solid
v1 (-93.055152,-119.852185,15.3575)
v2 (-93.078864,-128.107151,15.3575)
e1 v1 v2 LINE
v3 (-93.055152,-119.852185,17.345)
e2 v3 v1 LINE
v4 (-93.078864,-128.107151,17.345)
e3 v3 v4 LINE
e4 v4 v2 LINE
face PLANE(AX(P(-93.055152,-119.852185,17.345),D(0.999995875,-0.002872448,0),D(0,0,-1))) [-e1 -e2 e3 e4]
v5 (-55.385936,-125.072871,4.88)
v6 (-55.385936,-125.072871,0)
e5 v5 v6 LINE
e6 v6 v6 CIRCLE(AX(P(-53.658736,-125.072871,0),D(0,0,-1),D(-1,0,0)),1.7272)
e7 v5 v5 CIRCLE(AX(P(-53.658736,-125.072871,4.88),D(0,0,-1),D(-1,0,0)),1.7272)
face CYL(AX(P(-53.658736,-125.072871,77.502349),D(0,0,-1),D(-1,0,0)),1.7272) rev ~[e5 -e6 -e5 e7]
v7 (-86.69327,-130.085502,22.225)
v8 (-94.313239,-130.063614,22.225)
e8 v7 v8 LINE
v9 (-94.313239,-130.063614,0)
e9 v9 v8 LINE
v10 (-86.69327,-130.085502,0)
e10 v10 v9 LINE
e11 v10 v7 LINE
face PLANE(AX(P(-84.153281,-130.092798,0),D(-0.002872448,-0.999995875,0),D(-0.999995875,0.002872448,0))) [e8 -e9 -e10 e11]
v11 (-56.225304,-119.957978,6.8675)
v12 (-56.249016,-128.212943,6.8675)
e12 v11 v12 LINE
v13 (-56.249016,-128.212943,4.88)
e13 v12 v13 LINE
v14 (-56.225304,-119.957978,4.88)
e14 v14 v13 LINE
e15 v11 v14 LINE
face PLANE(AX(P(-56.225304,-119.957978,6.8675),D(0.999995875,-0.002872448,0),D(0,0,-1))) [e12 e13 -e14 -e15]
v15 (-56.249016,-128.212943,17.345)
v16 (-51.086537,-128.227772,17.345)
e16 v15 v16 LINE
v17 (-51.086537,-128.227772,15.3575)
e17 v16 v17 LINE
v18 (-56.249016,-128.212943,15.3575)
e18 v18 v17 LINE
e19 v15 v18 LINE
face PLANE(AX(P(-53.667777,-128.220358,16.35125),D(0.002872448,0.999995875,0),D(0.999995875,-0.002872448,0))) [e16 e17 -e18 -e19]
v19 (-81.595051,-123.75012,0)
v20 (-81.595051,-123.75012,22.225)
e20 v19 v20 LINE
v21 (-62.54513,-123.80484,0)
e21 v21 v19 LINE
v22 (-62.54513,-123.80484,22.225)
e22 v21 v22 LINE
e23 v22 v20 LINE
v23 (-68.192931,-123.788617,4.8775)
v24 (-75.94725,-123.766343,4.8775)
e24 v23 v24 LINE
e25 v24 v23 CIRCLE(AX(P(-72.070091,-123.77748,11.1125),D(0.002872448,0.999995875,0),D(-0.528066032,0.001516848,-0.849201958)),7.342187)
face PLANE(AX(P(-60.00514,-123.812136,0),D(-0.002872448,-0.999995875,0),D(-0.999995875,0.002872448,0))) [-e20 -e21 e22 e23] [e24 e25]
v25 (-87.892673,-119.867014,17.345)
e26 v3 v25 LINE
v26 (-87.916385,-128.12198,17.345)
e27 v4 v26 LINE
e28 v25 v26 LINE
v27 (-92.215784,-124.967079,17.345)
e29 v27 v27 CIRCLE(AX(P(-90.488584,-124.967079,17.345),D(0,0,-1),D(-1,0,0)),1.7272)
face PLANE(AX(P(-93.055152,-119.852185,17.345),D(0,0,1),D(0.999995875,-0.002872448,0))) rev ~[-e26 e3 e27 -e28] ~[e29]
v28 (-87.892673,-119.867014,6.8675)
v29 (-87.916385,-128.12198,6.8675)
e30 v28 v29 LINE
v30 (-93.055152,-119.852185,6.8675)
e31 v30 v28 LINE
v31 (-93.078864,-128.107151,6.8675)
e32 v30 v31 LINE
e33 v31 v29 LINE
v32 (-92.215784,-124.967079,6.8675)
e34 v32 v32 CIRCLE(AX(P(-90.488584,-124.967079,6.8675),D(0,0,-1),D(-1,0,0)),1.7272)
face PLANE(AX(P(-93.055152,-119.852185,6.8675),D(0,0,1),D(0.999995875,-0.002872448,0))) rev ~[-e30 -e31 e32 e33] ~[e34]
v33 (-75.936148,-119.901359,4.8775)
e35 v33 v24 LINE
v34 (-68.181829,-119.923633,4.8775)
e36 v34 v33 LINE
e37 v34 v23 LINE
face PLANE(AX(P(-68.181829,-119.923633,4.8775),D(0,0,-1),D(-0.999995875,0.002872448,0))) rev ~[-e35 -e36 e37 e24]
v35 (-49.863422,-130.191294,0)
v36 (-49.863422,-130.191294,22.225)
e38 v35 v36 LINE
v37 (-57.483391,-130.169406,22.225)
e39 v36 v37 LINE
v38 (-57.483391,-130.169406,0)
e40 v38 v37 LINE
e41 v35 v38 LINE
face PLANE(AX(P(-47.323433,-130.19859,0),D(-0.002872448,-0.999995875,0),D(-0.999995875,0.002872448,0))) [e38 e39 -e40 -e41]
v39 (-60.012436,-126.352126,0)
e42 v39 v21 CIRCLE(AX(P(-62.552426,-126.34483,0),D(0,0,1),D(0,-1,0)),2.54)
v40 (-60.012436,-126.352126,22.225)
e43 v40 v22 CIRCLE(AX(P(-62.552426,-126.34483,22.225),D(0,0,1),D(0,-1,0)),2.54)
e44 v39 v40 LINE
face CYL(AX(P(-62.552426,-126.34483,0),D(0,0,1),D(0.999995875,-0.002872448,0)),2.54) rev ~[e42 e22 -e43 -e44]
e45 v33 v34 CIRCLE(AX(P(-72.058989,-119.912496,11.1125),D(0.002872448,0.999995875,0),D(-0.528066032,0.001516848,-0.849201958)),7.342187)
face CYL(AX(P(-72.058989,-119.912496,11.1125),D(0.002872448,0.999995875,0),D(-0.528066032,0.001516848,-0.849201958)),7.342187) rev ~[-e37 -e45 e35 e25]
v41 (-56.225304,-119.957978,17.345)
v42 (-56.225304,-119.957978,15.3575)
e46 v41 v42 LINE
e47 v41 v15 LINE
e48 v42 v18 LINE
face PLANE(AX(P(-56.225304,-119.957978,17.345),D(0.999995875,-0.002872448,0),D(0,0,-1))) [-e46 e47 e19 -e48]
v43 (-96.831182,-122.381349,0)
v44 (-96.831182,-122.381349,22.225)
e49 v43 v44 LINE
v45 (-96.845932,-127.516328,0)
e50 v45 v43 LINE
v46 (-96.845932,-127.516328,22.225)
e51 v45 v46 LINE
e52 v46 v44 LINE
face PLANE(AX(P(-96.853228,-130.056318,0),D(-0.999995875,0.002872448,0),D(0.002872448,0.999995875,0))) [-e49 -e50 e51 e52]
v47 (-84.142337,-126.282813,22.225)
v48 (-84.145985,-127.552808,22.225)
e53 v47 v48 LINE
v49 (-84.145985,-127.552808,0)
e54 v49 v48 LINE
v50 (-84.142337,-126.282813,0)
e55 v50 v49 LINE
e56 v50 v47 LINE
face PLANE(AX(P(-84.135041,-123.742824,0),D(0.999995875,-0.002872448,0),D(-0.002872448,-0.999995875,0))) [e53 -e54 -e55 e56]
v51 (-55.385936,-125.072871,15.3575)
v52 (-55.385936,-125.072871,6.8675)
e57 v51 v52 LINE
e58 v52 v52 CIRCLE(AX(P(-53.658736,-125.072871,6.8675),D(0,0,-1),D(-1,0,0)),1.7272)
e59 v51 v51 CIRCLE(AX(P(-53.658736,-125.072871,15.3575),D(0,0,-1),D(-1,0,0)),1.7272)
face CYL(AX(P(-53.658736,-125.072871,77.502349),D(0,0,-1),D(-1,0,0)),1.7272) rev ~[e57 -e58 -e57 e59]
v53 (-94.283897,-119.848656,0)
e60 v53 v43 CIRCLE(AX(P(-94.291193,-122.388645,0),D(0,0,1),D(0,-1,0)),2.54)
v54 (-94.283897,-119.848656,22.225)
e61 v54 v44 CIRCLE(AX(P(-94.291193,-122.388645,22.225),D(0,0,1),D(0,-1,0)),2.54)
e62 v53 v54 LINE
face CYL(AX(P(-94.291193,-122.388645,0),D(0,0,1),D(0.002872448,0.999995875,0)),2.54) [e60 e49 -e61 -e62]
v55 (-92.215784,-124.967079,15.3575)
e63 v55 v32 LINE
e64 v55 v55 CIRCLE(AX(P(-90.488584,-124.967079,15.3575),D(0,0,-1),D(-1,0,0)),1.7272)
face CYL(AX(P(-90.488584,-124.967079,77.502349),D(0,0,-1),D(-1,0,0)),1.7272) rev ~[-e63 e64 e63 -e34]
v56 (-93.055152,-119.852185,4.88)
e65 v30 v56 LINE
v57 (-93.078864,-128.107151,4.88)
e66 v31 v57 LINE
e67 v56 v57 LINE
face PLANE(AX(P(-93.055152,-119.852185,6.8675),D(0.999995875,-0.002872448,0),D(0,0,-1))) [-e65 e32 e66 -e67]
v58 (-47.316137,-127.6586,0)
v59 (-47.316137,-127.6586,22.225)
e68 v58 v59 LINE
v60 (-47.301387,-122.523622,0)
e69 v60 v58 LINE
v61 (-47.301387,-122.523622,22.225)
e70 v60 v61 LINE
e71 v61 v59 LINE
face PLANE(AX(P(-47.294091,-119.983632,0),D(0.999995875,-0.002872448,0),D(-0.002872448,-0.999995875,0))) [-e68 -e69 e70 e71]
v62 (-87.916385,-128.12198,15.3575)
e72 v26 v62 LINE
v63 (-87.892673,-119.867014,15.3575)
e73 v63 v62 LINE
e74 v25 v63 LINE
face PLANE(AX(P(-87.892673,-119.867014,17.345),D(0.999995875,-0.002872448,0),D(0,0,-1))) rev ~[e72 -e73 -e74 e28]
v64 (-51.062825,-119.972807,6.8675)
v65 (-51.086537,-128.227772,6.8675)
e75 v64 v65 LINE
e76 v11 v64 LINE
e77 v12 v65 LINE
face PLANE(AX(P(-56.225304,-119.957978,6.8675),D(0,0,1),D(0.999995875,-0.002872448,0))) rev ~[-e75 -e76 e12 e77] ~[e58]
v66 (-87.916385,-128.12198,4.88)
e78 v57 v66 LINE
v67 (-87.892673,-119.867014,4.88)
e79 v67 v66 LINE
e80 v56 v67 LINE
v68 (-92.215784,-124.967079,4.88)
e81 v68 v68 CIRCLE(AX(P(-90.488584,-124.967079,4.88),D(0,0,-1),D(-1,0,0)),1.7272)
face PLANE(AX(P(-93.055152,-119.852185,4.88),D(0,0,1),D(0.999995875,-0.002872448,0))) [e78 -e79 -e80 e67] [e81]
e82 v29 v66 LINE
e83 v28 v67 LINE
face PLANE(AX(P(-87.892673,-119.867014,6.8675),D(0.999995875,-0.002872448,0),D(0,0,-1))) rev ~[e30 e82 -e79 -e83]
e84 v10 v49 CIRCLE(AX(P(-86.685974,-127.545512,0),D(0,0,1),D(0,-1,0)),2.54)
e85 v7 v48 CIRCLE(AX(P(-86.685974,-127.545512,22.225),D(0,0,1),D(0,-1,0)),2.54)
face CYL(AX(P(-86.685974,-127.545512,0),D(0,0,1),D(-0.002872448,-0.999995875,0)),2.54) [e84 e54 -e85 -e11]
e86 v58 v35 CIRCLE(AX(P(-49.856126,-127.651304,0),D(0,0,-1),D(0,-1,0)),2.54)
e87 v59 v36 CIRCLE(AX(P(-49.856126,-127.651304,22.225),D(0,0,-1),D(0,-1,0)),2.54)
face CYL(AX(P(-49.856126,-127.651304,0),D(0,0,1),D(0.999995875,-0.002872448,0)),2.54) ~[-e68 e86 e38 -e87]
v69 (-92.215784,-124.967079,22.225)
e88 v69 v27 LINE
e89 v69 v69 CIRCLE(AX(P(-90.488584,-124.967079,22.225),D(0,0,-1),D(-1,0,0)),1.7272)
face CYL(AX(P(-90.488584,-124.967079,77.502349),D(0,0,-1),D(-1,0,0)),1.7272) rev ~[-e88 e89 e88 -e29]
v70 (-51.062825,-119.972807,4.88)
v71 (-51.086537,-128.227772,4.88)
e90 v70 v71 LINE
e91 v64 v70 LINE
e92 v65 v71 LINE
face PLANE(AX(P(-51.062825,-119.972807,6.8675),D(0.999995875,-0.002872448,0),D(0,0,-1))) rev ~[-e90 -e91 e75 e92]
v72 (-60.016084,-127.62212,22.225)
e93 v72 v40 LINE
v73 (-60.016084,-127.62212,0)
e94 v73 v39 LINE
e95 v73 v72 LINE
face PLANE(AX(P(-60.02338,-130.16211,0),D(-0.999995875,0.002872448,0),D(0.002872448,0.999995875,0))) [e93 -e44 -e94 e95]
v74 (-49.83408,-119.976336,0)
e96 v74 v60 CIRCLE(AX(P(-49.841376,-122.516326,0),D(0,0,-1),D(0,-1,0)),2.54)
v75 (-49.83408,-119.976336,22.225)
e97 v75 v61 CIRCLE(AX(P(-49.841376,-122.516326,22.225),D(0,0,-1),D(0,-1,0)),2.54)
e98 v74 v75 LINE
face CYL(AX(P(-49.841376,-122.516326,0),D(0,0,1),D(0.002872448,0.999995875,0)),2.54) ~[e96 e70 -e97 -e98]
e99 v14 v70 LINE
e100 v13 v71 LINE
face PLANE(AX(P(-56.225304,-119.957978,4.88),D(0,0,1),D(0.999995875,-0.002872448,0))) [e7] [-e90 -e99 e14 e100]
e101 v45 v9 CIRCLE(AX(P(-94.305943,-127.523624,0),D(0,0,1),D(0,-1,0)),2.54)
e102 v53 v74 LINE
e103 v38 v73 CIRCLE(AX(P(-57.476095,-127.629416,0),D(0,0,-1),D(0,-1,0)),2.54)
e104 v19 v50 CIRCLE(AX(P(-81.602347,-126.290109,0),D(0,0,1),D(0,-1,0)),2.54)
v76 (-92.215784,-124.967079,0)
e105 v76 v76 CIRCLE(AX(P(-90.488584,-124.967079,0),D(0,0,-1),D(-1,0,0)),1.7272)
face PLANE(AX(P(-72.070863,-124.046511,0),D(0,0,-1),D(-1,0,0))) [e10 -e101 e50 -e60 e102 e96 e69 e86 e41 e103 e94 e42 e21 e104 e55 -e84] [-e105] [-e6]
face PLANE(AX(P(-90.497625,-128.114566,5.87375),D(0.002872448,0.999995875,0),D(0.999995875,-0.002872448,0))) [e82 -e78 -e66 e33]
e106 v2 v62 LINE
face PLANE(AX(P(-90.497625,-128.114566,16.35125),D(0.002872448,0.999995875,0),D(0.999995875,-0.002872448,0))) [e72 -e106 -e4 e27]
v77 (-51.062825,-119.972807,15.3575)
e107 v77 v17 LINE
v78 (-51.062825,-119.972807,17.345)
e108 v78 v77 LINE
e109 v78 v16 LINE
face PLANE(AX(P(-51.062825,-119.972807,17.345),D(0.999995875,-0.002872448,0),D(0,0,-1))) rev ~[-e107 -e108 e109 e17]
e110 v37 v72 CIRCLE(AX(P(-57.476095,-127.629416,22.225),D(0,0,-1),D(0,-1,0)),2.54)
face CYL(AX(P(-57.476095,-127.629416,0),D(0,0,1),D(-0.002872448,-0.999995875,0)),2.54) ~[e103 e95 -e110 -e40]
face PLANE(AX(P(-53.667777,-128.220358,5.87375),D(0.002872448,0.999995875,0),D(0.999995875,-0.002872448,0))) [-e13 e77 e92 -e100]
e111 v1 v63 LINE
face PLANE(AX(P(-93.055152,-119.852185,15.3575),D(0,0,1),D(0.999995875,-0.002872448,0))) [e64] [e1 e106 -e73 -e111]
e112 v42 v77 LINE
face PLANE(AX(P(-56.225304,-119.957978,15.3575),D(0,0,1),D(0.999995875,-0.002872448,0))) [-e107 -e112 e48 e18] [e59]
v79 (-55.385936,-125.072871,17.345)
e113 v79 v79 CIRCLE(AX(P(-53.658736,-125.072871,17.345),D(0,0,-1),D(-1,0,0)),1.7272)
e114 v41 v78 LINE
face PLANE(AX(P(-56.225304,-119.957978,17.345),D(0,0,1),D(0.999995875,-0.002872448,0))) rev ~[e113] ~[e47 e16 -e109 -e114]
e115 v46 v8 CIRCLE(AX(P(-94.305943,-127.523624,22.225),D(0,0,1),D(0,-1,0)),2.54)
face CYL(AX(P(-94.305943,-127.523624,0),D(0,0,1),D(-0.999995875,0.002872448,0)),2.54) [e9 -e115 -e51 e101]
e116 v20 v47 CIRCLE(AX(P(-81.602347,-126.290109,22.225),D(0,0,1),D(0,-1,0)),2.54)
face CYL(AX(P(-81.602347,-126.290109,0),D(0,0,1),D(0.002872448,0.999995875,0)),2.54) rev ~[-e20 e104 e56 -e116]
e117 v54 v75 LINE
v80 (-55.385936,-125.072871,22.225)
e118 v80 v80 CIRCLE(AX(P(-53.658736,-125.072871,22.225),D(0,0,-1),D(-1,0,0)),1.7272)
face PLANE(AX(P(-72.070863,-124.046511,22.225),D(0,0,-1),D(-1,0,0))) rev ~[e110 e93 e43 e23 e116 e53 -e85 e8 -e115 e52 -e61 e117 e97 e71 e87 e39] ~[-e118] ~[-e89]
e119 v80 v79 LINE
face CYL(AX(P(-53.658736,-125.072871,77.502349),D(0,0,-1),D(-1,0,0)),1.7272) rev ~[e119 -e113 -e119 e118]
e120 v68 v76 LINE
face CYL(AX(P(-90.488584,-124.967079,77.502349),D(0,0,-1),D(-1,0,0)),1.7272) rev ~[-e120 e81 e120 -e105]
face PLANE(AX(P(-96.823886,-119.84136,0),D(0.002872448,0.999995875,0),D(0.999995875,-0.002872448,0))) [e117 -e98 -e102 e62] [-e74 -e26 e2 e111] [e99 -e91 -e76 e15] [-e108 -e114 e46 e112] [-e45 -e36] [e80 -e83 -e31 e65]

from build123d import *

# Parameters (mm, degrees)
BOSS_EXTRUDE1_DEPTH   = 22.225
CUT_EXTRUDE1_REACH    = 12.357
FILLET1_R             = 2.54
F_4_CLEARANCE_HOLE1_D = 3.4544
SKETCH6_W             = 5.1625
SKETCH6_H             = 1.9875
CUT_EXTRUDE2_DEPTH    = 8.255


with BuildPart() as part:
    # Sketch1 → Boss-Extrude1 (new body)
    with BuildSketch(Plane.XY):
        Polygon((-96.82388635, -119.84135975), (-47.294090685, -119.983632078), (-47.323432737, -130.198589936), (-60.023380343, -130.162109852), (-60.005140301, -123.812136049), (-84.135040753, -123.742823889), (-84.153280795, -130.092797692), (-96.853228402, -130.056317608), align=None)
    extrude(amount=BOSS_EXTRUDE1_DEPTH)

    # Sketch2 → Cut-Extrude1 (cut, up to next)
    with BuildSketch(Plane(origin=(-0.345035492, -120.118491334, 0), x_dir=(0.999995875, -0.002872448, 0), z_dir=(0.002872448, 0.999995875, 0)), mode=Mode.PRIVATE) as cut_extrude1_sk1:
        with BuildLine():
            Line((-67.837073069, -4.8775), (-75.591424695, -4.8775))
            ThreePointArc((-75.591424695, -4.8775), (-71.714248882, -18.4546875), (-67.837073069, -4.8775))
        make_face()
    cut_extrude1_tool1 = extrude(cut_extrude1_sk1.sketch, amount=-CUT_EXTRUDE1_REACH, mode=Mode.PRIVATE) & part.part
    add(cut_extrude1_tool1.solids().sort_by_distance((-72.058989, -119.912496, 11.350092))[0], mode=Mode.SUBTRACT)

    # Fillet1
    fillet1_edges = [part.edges().sort_by_distance(p)[0] for p in [
        (-96.82388635, -119.84135975, 11.1125),
        (-47.294090685, -119.983632078, 11.1125),
        (-47.323432737, -130.198589936, 11.1125),
        (-60.023380343, -130.162109852, 11.1125),
        (-60.005140301, -123.812136049, 11.1125),
        (-84.135040753, -123.742823889, 11.1125),
        (-84.153280795, -130.092797692, 11.1125),
        (-96.853228402, -130.056317608, 11.1125),
    ]]
    fillet(fillet1_edges, radius=FILLET1_R)

    # #4 Clearance Hole1 (through all)
    with Locations(Plane.XY.offset(22.225)):
        with Locations((-90.488583573, -124.967078721), (-53.658735514, -125.072870965)):
            Hole(F_4_CLEARANCE_HOLE1_D / 2)

    # Sketch6 → Cut-Extrude2 (cut)
    with BuildSketch(Plane(origin=(-0.345035492, -120.118491334, 0), x_dir=(0.999995875, -0.002872448, 0), z_dir=(0.002872448, 0.999995875, 0))):
        with Locations((-90.129248882, -16.35125)):
            Rectangle(SKETCH6_W, SKETCH6_H)
        with Locations((-90.129248882, -5.87375)):
            Rectangle(SKETCH6_W, SKETCH6_H)
        with Locations((-53.299248882, -5.87375)):
            Rectangle(SKETCH6_W, SKETCH6_H)
        with Locations((-53.299248882, -16.35125)):
            Rectangle(SKETCH6_W, SKETCH6_H)
    extrude(amount=-CUT_EXTRUDE2_DEPTH, mode=Mode.SUBTRACT)


solid = part.part
